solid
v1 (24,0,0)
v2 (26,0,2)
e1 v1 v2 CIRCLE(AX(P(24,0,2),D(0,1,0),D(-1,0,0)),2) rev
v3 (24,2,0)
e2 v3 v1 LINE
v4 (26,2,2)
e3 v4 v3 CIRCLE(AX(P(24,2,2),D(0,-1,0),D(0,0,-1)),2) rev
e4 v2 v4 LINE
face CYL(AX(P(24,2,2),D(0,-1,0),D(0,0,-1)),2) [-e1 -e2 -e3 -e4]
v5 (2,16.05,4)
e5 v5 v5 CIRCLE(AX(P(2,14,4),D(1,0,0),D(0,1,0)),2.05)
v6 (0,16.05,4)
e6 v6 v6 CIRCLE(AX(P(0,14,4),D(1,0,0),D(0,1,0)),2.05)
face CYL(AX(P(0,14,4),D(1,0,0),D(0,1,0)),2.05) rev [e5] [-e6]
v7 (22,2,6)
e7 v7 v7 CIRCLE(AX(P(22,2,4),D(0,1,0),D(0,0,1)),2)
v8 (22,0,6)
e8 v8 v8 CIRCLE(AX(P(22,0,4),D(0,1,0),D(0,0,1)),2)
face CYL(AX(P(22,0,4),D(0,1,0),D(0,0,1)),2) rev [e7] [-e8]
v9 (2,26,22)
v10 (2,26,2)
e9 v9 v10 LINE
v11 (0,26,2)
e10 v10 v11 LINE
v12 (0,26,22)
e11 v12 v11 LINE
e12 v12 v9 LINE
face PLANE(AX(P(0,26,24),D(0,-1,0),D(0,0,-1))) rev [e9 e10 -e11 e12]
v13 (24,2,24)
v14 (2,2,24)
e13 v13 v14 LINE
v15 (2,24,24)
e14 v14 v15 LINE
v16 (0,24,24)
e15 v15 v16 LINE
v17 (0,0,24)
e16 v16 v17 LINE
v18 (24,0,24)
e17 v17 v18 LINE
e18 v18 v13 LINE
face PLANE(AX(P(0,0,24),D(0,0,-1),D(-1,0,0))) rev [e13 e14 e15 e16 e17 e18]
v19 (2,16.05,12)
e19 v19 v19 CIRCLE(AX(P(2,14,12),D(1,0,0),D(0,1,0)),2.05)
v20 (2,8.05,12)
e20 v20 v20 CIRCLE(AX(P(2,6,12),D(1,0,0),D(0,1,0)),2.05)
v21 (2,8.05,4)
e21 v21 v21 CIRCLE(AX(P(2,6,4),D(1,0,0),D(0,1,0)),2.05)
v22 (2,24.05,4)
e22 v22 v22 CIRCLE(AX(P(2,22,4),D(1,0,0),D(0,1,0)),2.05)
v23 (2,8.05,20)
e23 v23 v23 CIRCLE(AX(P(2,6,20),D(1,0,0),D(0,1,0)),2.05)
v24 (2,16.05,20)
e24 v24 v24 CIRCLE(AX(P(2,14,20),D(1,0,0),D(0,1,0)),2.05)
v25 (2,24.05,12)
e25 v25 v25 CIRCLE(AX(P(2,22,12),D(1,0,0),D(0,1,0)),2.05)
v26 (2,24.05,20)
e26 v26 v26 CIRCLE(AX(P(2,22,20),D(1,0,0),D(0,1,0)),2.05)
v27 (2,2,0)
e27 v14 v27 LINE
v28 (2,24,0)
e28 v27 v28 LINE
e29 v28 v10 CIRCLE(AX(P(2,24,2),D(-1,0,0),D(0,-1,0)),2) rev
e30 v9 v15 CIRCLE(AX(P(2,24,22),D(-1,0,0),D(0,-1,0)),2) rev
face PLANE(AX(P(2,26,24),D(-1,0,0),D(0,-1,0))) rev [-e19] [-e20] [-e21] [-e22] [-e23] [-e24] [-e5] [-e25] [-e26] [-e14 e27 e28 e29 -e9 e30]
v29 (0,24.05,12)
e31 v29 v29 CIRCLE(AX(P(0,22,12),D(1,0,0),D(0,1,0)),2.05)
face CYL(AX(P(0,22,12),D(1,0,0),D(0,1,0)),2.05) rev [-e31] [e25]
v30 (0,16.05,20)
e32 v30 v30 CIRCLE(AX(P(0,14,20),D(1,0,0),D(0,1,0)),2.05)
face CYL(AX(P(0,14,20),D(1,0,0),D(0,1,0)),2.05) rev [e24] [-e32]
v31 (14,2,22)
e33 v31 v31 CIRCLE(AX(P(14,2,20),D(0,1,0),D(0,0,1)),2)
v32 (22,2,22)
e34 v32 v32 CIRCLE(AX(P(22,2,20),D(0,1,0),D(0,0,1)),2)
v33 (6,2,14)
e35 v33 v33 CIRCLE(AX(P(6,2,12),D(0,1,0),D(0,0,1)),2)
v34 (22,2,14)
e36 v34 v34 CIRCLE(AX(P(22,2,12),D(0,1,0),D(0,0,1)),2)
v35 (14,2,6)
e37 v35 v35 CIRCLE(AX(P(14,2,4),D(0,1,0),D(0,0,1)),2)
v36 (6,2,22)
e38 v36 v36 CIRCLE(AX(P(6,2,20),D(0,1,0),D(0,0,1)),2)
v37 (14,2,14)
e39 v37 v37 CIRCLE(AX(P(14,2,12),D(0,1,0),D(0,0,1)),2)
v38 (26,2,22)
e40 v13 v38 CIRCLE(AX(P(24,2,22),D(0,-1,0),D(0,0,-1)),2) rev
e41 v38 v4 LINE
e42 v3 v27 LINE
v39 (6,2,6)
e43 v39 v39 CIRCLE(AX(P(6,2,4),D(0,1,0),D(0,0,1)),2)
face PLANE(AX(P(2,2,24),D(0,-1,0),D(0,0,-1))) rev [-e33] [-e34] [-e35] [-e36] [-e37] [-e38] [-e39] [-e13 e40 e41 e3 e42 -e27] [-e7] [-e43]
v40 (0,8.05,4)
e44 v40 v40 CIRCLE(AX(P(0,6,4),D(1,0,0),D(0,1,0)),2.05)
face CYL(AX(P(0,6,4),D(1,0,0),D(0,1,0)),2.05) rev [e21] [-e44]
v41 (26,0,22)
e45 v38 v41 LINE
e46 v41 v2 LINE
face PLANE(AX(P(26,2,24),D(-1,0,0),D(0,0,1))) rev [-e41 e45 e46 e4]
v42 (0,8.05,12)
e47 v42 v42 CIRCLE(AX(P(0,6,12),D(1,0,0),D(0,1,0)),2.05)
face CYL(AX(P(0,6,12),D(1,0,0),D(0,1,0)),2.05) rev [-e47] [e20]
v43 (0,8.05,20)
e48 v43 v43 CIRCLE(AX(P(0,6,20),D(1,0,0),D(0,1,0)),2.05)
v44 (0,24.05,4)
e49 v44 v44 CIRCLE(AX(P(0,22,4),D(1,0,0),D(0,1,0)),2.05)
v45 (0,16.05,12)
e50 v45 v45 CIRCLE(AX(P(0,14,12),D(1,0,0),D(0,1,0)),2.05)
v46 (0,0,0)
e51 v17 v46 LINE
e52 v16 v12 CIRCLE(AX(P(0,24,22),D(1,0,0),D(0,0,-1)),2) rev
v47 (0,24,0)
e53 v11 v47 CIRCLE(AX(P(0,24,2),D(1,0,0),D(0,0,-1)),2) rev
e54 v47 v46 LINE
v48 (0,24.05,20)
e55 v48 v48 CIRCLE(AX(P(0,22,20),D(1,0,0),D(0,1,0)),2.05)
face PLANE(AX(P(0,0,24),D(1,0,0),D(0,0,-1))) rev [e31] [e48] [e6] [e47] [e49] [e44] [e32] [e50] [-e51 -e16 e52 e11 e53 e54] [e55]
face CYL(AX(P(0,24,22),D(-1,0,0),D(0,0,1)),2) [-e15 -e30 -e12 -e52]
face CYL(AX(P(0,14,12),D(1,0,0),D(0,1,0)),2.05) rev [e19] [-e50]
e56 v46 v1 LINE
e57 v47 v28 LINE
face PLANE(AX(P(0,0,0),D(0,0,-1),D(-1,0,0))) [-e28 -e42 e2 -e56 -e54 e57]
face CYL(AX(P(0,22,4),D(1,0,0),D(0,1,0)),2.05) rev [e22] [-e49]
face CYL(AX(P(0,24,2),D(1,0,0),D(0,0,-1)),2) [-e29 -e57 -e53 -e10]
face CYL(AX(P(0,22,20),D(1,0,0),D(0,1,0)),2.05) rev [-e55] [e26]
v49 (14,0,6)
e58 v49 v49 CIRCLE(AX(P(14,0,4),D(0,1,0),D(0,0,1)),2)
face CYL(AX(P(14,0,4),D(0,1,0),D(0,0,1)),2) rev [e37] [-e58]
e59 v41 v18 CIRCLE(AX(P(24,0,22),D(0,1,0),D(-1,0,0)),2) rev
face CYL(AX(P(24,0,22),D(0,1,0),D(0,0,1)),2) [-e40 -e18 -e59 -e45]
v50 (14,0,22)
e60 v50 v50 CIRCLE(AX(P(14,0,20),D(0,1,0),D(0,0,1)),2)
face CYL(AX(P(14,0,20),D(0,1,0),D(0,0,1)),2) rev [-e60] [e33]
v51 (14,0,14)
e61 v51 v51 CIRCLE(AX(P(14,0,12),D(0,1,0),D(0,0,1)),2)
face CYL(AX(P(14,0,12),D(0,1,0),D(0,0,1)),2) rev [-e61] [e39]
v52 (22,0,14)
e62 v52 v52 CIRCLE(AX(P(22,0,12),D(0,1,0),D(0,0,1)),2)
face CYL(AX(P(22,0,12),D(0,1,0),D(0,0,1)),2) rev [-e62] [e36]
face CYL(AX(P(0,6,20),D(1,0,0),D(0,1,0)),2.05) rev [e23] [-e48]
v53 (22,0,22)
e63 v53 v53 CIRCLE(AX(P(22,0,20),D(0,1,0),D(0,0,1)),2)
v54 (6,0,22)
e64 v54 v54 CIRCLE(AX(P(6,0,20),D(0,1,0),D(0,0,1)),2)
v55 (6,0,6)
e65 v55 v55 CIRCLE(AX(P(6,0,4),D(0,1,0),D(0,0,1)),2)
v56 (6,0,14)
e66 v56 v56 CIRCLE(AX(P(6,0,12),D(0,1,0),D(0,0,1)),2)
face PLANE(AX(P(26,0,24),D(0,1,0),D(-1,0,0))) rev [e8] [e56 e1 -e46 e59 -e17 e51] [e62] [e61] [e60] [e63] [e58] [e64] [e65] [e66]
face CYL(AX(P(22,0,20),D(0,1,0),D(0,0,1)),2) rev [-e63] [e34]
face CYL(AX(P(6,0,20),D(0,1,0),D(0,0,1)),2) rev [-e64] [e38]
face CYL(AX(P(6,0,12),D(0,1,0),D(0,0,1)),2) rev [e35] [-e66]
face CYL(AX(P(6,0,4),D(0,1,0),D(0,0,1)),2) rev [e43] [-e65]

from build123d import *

# Parameters (mm, degrees)
BOSS_EXTRUDE1_DEPTH  = 24
SKETCH2_R            = 2.05
CUT_EXTRUDE1_DEPTH   = 43.755116653
LPATTERN1_COUNT      = 3
LPATTERN1_PITCH      = 8
LPATTERN1_COUNT_DIR2 = 3
LPATTERN1_PITCH_DIR2 = 8
SKETCH3_R            = 2
CUT_EXTRUDE2_DEPTH   = 43.755116653
LPATTERN2_COUNT      = 3
LPATTERN2_PITCH      = 8
LPATTERN2_COUNT_DIR2 = 3
LPATTERN2_PITCH_DIR2 = 8
FILLET1_R            = 2


with BuildPart() as part:
    # Sketch1 → Boss-Extrude1 (new body)
    with BuildSketch(Plane.XY):
        Polygon((0, 0), (0, 26), (2, 26), (2, 2), (26, 2), (26, 0), align=None)
    extrude(amount=BOSS_EXTRUDE1_DEPTH)

    # Sketch2 → Cut-Extrude1 (cut, through all)
    with BuildSketch(Plane(origin=(2, 0, 0), x_dir=(0, 0, -1), z_dir=(1, 0, 0))):
        with Locations(Location((-20, 22, 0), (0, 0, 90))):
            Circle(SKETCH2_R)
    cut_extrude1 = extrude(amount=-CUT_EXTRUDE1_DEPTH, mode=Mode.SUBTRACT)

    # LPattern1: Cut-Extrude1 3 × 3
    with Locations(*[(0, -j * LPATTERN1_PITCH_DIR2, -i * LPATTERN1_PITCH) for i in range(LPATTERN1_COUNT) for j in range(LPATTERN1_COUNT_DIR2) if (i, j) != (0, 0)]):
        add(cut_extrude1, mode=Mode.SUBTRACT)

    # Sketch3 → Cut-Extrude2 (cut, through all)
    with BuildSketch(Plane(origin=(0, 2, 0), x_dir=(1, 0, 0), z_dir=(0, 1, 0))):
        with Locations(Location((22, -4, 0), (0, 0, 270))):
            Circle(SKETCH3_R)
    cut_extrude2 = extrude(amount=-CUT_EXTRUDE2_DEPTH, mode=Mode.SUBTRACT)

    # LPattern2: Cut-Extrude2 3 × 3
    with Locations(*[(-j * LPATTERN2_PITCH_DIR2, 0, i * LPATTERN2_PITCH) for i in range(LPATTERN2_COUNT) for j in range(LPATTERN2_COUNT_DIR2) if (i, j) != (0, 0)]):
        add(cut_extrude2, mode=Mode.SUBTRACT)

    # Fillet1
    fillet1_edges = [part.edges().sort_by_distance(p)[0] for p in [
        (1, 26, 24),
        (1, 26, 0),
        (26, 1, 24),
        (26, 1, 0),
    ]]
    fillet(fillet1_edges, radius=FILLET1_R)


solid = part.part
